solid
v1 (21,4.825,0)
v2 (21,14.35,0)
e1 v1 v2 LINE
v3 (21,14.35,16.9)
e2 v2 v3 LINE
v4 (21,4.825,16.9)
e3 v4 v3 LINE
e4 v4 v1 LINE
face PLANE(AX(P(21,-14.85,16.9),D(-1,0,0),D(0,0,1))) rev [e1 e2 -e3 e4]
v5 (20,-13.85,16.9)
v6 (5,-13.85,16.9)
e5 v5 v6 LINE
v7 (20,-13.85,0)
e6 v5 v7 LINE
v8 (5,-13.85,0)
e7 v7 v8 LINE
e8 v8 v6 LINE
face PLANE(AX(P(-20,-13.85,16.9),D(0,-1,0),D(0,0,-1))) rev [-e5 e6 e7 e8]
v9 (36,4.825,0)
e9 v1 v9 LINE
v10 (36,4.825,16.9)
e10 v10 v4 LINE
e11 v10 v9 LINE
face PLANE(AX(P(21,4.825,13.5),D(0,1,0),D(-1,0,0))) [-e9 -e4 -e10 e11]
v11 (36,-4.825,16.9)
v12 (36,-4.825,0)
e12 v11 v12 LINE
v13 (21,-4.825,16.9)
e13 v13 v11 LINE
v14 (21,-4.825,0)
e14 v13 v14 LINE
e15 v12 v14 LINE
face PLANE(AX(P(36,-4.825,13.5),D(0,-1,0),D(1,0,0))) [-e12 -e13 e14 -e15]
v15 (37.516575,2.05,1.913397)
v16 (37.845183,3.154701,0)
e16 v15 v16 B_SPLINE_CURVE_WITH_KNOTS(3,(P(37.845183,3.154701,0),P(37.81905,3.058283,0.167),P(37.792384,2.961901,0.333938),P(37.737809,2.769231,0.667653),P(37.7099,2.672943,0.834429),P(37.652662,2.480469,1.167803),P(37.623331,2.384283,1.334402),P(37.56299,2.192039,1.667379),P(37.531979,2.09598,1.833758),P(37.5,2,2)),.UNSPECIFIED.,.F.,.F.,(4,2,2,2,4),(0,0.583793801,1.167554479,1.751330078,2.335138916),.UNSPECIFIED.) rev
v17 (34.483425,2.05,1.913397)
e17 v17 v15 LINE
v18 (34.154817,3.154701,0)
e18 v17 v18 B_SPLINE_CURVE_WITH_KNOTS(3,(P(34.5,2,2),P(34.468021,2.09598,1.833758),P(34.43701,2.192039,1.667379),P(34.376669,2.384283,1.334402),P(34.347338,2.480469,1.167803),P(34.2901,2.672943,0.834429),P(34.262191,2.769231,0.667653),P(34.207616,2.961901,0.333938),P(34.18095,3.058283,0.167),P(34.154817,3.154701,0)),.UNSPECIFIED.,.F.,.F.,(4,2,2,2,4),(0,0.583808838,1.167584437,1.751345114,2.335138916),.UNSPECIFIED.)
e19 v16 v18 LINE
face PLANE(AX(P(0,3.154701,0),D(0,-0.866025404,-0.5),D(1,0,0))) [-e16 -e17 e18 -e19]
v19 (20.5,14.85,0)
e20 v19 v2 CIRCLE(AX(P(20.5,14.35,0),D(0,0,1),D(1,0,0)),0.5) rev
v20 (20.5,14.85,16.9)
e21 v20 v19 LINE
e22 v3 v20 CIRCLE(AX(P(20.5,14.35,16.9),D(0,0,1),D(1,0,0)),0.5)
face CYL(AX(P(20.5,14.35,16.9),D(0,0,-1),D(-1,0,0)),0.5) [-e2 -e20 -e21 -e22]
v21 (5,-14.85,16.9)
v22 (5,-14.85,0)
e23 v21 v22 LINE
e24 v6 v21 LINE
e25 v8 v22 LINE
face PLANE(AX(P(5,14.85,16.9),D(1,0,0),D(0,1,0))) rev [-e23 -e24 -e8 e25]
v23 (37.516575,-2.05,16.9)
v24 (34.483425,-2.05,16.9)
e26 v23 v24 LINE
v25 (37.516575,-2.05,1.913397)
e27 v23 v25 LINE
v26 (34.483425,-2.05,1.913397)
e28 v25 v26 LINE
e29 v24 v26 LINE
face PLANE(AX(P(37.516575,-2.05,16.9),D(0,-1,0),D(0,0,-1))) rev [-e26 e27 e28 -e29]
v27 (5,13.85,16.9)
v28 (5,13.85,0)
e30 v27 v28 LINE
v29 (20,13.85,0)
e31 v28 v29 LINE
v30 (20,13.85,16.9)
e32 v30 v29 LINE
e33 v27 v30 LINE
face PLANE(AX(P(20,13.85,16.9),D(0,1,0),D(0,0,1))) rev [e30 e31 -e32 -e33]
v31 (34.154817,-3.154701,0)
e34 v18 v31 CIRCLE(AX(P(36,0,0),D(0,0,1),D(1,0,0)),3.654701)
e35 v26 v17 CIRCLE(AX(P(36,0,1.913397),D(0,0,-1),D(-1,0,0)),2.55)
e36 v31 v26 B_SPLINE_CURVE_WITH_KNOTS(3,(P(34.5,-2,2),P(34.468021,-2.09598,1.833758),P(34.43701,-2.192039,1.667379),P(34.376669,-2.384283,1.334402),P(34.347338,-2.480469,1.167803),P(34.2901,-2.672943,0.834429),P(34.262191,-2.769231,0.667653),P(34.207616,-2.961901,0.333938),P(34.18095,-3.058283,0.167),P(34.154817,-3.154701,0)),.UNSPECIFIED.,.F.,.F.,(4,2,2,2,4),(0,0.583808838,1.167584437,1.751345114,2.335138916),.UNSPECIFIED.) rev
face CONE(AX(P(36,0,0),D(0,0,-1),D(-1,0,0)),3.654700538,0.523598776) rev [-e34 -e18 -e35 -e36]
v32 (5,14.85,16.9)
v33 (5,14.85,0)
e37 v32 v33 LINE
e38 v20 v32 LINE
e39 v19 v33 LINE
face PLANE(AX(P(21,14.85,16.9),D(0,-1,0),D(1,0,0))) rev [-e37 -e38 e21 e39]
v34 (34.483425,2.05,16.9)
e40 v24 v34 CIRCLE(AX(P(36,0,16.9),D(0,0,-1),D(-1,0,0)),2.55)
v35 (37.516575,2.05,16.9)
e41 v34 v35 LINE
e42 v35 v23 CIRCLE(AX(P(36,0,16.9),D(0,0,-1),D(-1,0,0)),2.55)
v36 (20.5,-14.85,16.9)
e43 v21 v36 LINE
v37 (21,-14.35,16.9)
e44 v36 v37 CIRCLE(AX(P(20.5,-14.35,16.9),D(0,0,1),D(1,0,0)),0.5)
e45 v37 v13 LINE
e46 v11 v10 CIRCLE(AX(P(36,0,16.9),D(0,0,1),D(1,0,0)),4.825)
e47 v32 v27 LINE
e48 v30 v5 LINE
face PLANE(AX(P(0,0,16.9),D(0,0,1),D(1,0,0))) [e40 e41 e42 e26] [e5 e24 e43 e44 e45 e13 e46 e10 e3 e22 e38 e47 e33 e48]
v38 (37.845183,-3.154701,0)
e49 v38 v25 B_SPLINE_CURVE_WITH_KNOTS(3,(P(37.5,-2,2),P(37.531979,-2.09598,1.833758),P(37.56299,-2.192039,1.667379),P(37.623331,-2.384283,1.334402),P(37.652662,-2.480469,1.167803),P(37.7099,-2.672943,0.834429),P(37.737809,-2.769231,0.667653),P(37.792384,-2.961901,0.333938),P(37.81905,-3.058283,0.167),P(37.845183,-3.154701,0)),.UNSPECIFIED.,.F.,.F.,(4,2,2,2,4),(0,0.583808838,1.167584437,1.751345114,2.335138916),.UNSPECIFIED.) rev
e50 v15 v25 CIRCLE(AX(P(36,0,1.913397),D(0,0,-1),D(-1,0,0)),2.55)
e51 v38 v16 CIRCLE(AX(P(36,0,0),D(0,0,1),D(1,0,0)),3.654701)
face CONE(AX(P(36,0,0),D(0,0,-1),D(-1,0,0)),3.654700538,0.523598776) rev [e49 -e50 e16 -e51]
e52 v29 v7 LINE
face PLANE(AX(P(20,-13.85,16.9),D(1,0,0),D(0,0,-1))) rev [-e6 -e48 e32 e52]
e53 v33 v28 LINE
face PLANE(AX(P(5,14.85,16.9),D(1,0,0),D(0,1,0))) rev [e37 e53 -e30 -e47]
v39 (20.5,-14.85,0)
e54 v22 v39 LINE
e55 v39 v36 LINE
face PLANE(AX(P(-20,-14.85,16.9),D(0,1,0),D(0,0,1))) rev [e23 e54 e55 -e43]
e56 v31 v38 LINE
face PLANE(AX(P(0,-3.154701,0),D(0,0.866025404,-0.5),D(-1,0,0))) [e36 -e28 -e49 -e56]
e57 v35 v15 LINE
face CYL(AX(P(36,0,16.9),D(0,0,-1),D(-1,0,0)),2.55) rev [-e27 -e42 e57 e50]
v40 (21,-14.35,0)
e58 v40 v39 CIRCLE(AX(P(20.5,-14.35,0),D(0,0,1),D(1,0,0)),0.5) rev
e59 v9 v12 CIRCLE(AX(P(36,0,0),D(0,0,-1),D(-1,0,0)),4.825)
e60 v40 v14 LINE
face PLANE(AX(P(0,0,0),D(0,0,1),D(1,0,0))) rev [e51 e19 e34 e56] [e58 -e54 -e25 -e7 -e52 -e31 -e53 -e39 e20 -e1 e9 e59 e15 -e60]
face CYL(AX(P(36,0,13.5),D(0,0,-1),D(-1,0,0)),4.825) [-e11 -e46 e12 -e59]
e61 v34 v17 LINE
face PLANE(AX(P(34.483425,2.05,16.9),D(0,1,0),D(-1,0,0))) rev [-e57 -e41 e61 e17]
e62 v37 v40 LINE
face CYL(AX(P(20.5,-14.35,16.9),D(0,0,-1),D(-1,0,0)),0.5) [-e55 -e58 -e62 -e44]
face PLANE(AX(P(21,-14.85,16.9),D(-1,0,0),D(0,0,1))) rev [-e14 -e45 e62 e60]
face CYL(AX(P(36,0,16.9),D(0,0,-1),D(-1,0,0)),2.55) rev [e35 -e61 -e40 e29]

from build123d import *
from OCP.BRepFilletAPI import BRepFilletAPI_MakeChamfer

# Parameters (mm, degrees)
BOSS_EXTRUDE1_DEPTH = 16.9
BOSS_EXTRUDE2_DEPTH = 13.5
BOSS_EXTRUDE3_DEPTH = 3.4
BOSS_EXTRUDE4_DEPTH = 13.5
CUT_EXTRUDE1_DEPTH  = 46.491242289
CHAMFER1_SIZE       = 2
CHAMFER1_SIZE2      = 1.154700538
CUT_EXTRUDE2_DEPTH  = 47.613443608
FILLET1_R           = 0.5
SKETCH10_W          = 25
SKETCH10_H          = 29.7
CUT_EXTRUDE3_DEPTH  = 47.613443644


with BuildPart() as part:
    # Sketch1 → Boss-Extrude1 (new body)
    with BuildSketch(Plane.XY):
        Polygon((-20, -13.85), (20, -13.85), (20, 13.85), (-20, 13.85), (-20, 14.85), (21, 14.85), (21, -14.85), (-20, -14.85), align=None)
    extrude(amount=BOSS_EXTRUDE1_DEPTH)

    # Sketch4 → Boss-Extrude2 (add)
    with BuildSketch(Plane(origin=(0, 0, 0), x_dir=(-1, 0, 0), z_dir=(0, 0, -1))):
        with BuildLine():
            Line((-21, 4.825), (-36, 4.825))
            ThreePointArc((-36, 4.825), (-38.610615349, 4.05774722), (-40.390970849, 2))
            Line((-40.390970849, 2), (-30.875, 2))
            Line((-30.875, 2), (-30.875, -2))
            Line((-30.875, -2), (-40.390970849, -2))
            ThreePointArc((-40.390970849, -2), (-38.610615349, -4.05774722), (-36, -4.825))
            Line((-36, -4.825), (-21, -4.825))
            Line((-21, -4.825), (-21, 4.825))
        make_face()
    extrude(amount=-BOSS_EXTRUDE2_DEPTH)

    # Sketch5 → Boss-Extrude3 (add)
    with BuildSketch(Plane.XY.offset(13.5)):
        with BuildLine():
            Line((21, 4.825), (21, -4.825))
            Line((21, -4.825), (36, -4.825))
            ThreePointArc((36, -4.825), (38.610615349, -4.05774722), (40.390970849, -2))
            ThreePointArc((40.390970849, -2), (40.825, 0), (40.390970849, 2))
            ThreePointArc((40.390970849, 2), (38.610615349, 4.05774722), (36, 4.825))
            Line((36, 4.825), (21, 4.825))
        make_face()
    extrude(amount=BOSS_EXTRUDE3_DEPTH)

    # Sketch8 → Boss-Extrude4 (add)
    with BuildSketch(Plane(origin=(0, 0, 0), x_dir=(-1, 0, 0), z_dir=(0, 0, -1))):
        with BuildLine():
            Line((-37.5, 2), (-40.390970849, 2))
            ThreePointArc((-40.390970849, 2), (-40.825, 0), (-40.390970849, -2))
            Line((-40.390970849, -2), (-37.5, -2))
            ThreePointArc((-37.5, -2), (-38.5, 0), (-37.5, 2))
        make_face()
        with BuildLine():
            Line((-34.5, 2), (-30.875, 2))
            Line((-30.875, 2), (-30.875, -2))
            Line((-30.875, -2), (-34.5, -2))
            ThreePointArc((-34.5, -2), (-33.5, 0), (-34.5, 2))
        make_face()
    extrude(amount=-BOSS_EXTRUDE4_DEPTH)

    # Sketch9 → Cut-Extrude1 (cut, through all)
    with BuildSketch(Plane(origin=(0, 0, 13.5), x_dir=(-1, 0, 0), z_dir=(0, 0, -1))):
        with BuildLine():
            Line((-37.5, -2), (-34.5, -2))
            ThreePointArc((-34.5, -2), (-33.5, 0), (-34.5, 2))
            Line((-34.5, 2), (-37.5, 2))
            ThreePointArc((-37.5, 2), (-38.5, 0), (-37.5, -2))
        make_face()
    extrude(amount=-CUT_EXTRUDE1_DEPTH, mode=Mode.SUBTRACT)

    # Chamfer1: one chamfer whose edges measure the first distance from different faces: ONE call of the kernel's chamfer builder (chamfer() names one face for all edges)
    chamfer1_edges_1 = [part.edges().sort_by_distance(p)[0] for p in [
        (36, 2, 0),
    ]]
    chamfer1_side_1 = [part.faces().sort_by_distance(p)[0] for p in [
        (36, 2, 8.45),
    ]]
    chamfer1_edges_2 = [part.edges().sort_by_distance(p)[0] for p in [
        (38.5, 0, 0),
    ]]
    chamfer1_side_2 = [part.faces().sort_by_distance(p)[0] for p in [
        (38.5, 0, 8.45),
    ]]
    chamfer1_edges_3 = [part.edges().sort_by_distance(p)[0] for p in [
        (36, -2, 0),
    ]]
    chamfer1_side_3 = [part.faces().sort_by_distance(p)[0] for p in [
        (36, -2, 8.45),
    ]]
    chamfer1_edges_4 = [part.edges().sort_by_distance(p)[0] for p in [
        (33.5, 0, 0),
    ]]
    chamfer1_side_4 = [part.faces().sort_by_distance(p)[0] for p in [
        (33.5, 0, 8.45),
    ]]
    chamfer1 = BRepFilletAPI_MakeChamfer(part.part.solid().wrapped)
    for e in chamfer1_edges_1:
        chamfer1.Add(CHAMFER1_SIZE, CHAMFER1_SIZE2, e.wrapped, chamfer1_side_1[0].wrapped)  # the first distance lies on this face
    for e in chamfer1_edges_2:
        chamfer1.Add(CHAMFER1_SIZE, CHAMFER1_SIZE2, e.wrapped, chamfer1_side_2[0].wrapped)  # the first distance lies on this face
    for e in chamfer1_edges_3:
        chamfer1.Add(CHAMFER1_SIZE, CHAMFER1_SIZE2, e.wrapped, chamfer1_side_3[0].wrapped)  # the first distance lies on this face
    for e in chamfer1_edges_4:
        chamfer1.Add(CHAMFER1_SIZE, CHAMFER1_SIZE2, e.wrapped, chamfer1_side_4[0].wrapped)  # the first distance lies on this face
    add(Compound.cast(chamfer1.Shape()), mode=Mode.REPLACE)

    # Sketch11 → Cut-Extrude2 (cut, through all)
    with BuildSketch(Plane(origin=(0, 0, 0), x_dir=(-1, 0, 0), z_dir=(0, 0, -1))):
        with BuildLine():
            Line((-34.483424911, 2.05), (-37.516575089, 2.05))
            ThreePointArc((-37.516575089, 2.05), (-38.55, 0), (-37.516575089, -2.05))
            Line((-37.516575089, -2.05), (-34.483424911, -2.05))
            ThreePointArc((-34.483424911, -2.05), (-33.45, 0), (-34.483424911, 2.05))
        make_face()
    extrude(amount=-CUT_EXTRUDE2_DEPTH, mode=Mode.SUBTRACT)

    # Fillet1
    fillet1_edges = [part.edges().sort_by_distance(p)[0] for p in [
        (-20, 14.85, 8.45),
        (21, 14.85, 8.45),
        (21, -14.85, 8.45),
        (-20, -14.85, 8.45),
    ]]
    fillet(fillet1_edges, radius=FILLET1_R)

    # Sketch10 → Cut-Extrude3 (cut, through all)
    with BuildSketch(Plane(origin=(0, 0, 0), x_dir=(-1, 0, 0), z_dir=(0, 0, -1))):
        with Locations((7.5, 0)):
            Rectangle(SKETCH10_W, SKETCH10_H)
    extrude(amount=-CUT_EXTRUDE3_DEPTH, mode=Mode.SUBTRACT)


solid = part.part
